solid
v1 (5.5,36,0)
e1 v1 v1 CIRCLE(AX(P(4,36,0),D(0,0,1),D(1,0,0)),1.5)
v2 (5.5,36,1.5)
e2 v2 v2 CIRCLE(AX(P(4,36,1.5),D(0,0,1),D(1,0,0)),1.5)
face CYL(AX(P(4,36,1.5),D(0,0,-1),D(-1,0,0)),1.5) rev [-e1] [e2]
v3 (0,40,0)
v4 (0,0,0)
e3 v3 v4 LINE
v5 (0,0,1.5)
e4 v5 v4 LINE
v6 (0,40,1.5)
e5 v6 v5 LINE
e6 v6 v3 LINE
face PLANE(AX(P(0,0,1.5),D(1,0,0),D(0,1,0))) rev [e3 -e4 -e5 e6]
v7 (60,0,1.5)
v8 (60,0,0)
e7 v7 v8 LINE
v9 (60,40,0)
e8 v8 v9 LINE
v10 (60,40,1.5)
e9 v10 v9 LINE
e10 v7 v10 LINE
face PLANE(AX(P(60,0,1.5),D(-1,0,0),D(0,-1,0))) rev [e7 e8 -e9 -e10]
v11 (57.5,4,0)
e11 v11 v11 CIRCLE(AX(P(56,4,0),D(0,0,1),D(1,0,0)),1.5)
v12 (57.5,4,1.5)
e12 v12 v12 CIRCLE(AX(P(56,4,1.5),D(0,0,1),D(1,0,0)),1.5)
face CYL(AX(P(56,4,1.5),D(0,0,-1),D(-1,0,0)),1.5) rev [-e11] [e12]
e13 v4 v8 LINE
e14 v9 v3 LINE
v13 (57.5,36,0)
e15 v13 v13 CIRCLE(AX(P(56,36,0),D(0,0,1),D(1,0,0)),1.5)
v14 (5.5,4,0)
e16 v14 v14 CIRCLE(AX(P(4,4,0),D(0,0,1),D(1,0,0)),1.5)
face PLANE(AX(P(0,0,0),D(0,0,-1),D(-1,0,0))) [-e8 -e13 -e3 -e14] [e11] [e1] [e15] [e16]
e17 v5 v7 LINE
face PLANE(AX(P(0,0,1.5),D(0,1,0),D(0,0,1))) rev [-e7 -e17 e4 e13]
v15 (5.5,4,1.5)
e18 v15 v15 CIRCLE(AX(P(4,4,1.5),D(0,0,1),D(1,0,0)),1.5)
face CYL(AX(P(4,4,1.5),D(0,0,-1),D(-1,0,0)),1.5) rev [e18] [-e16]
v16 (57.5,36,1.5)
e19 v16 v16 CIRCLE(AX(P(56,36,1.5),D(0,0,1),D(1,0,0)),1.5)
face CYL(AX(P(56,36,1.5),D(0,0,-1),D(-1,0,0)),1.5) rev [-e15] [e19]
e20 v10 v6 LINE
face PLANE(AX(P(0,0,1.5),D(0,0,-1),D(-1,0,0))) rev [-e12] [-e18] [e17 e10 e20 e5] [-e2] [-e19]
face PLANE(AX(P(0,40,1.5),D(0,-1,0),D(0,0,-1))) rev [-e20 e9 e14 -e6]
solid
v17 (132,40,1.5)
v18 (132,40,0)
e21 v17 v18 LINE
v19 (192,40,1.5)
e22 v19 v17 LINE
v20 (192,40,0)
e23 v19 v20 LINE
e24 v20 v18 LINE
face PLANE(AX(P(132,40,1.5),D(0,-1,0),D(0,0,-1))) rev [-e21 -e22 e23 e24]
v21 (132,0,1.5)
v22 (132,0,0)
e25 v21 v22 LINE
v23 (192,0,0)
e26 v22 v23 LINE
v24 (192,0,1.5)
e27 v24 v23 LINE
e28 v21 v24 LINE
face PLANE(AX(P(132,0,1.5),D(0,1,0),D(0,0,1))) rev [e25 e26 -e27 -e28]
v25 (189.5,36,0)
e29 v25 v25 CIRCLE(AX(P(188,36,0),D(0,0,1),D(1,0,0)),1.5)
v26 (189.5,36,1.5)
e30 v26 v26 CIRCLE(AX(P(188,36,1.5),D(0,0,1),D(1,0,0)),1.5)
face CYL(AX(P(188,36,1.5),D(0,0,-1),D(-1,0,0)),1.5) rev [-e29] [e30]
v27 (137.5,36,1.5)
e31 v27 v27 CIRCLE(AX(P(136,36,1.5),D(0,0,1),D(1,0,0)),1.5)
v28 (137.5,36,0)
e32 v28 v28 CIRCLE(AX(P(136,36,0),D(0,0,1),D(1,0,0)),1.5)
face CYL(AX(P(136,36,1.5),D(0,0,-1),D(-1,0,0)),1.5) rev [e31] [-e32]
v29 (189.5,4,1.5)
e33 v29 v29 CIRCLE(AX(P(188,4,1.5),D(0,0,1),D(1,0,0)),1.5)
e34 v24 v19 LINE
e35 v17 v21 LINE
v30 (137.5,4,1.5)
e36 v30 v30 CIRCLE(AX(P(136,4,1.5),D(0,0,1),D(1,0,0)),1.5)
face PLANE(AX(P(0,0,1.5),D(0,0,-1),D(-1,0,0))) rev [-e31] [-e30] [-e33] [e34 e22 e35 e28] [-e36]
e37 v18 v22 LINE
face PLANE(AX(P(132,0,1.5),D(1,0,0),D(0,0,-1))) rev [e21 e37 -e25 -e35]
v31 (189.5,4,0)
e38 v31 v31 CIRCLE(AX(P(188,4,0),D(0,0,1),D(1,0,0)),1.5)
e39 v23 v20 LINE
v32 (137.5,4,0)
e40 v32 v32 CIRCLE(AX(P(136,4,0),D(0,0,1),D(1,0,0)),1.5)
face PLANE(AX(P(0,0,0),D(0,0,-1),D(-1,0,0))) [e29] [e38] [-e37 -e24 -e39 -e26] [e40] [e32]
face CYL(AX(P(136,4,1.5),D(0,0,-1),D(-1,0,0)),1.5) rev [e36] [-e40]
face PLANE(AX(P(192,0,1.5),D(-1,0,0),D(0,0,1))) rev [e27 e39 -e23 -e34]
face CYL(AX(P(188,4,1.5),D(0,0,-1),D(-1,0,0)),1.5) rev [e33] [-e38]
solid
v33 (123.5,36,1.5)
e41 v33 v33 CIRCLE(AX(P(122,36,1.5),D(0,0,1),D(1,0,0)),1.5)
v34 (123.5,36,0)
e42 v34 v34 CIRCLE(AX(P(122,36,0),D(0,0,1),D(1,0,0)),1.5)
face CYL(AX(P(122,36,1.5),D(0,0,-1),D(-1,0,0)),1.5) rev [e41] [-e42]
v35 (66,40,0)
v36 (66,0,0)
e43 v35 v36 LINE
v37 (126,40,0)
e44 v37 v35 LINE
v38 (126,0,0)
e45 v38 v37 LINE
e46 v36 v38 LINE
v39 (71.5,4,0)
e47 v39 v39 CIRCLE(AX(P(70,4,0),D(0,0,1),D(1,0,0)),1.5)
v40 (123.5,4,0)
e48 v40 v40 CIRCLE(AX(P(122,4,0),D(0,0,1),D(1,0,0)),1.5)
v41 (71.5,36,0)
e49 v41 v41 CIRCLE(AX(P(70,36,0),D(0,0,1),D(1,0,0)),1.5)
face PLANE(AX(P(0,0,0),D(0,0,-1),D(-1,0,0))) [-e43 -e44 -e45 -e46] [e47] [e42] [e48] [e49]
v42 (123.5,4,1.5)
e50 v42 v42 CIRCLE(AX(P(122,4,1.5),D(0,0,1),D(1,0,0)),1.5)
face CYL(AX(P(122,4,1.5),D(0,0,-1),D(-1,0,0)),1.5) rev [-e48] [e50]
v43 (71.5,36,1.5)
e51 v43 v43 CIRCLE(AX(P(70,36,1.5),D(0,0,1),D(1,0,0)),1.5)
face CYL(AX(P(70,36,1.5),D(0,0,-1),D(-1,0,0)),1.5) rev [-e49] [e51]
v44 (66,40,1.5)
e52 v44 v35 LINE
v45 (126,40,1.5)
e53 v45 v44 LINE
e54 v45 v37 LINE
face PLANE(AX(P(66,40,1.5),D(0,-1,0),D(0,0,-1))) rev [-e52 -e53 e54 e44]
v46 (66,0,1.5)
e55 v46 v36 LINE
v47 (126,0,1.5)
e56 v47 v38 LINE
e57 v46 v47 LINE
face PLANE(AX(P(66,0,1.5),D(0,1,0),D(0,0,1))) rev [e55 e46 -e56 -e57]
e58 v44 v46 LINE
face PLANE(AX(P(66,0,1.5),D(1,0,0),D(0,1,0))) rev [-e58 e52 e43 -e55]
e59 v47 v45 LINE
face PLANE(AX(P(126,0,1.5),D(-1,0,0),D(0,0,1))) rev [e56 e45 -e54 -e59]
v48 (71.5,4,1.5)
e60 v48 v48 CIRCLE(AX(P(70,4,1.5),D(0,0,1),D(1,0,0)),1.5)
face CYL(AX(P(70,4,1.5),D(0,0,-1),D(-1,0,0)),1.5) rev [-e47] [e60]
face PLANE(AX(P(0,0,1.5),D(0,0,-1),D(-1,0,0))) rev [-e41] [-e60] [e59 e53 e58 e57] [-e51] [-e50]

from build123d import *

# Parameters (mm, degrees)
SKETCH_1_W        = 60
SKETCH_1_H        = 40
SKETCH_1_R        = 1.5
EXTRUDE_1_DEPTH   = 1.5
EXTRUDE_1_2_DEPTH = 1.5
EXTRUDE_1_3_DEPTH = 1.5


with BuildPart() as part:
    # Эскиз1 → Бобышка-Вытянуть1 (new body)
    with BuildSketch(Plane.XY):
        with Locations((96, 20)):
            Rectangle(SKETCH_1_W, SKETCH_1_H)
        with Locations((70, 36)):
            Circle(SKETCH_1_R, mode=Mode.SUBTRACT)
        with Locations((122, 36)):
            Circle(SKETCH_1_R, mode=Mode.SUBTRACT)
        with Locations((122, 4)):
            Circle(SKETCH_1_R, mode=Mode.SUBTRACT)
        with Locations((70, 4)):
            Circle(SKETCH_1_R, mode=Mode.SUBTRACT)
    extrude(amount=EXTRUDE_1_DEPTH)


with BuildPart() as body_2:
    # Эскиз1 → Extrude 1 2 (new body)
    with BuildSketch(Plane.XY):
        with Locations((30, 20)):
            Rectangle(SKETCH_1_W, SKETCH_1_H)
        with Locations((4, 4)):
            Circle(SKETCH_1_R, mode=Mode.SUBTRACT)
        with Locations((56, 4)):
            Circle(SKETCH_1_R, mode=Mode.SUBTRACT)
        with Locations((56, 36)):
            Circle(SKETCH_1_R, mode=Mode.SUBTRACT)
        with Locations((4, 36)):
            Circle(SKETCH_1_R, mode=Mode.SUBTRACT)
    extrude(amount=EXTRUDE_1_2_DEPTH)


with BuildPart() as body_3:
    # Эскиз1 → Extrude 1 3 (new body)
    with BuildSketch(Plane.XY):
        with Locations((162, 20)):
            Rectangle(SKETCH_1_W, SKETCH_1_H)
        with Locations((136, 36)):
            Circle(SKETCH_1_R, mode=Mode.SUBTRACT)
        with Locations((188, 36)):
            Circle(SKETCH_1_R, mode=Mode.SUBTRACT)
        with Locations((188, 4)):
            Circle(SKETCH_1_R, mode=Mode.SUBTRACT)
        with Locations((136, 4)):
            Circle(SKETCH_1_R, mode=Mode.SUBTRACT)
    extrude(amount=EXTRUDE_1_3_DEPTH)


solid = Compound([part.part, body_2.part, body_3.part])
